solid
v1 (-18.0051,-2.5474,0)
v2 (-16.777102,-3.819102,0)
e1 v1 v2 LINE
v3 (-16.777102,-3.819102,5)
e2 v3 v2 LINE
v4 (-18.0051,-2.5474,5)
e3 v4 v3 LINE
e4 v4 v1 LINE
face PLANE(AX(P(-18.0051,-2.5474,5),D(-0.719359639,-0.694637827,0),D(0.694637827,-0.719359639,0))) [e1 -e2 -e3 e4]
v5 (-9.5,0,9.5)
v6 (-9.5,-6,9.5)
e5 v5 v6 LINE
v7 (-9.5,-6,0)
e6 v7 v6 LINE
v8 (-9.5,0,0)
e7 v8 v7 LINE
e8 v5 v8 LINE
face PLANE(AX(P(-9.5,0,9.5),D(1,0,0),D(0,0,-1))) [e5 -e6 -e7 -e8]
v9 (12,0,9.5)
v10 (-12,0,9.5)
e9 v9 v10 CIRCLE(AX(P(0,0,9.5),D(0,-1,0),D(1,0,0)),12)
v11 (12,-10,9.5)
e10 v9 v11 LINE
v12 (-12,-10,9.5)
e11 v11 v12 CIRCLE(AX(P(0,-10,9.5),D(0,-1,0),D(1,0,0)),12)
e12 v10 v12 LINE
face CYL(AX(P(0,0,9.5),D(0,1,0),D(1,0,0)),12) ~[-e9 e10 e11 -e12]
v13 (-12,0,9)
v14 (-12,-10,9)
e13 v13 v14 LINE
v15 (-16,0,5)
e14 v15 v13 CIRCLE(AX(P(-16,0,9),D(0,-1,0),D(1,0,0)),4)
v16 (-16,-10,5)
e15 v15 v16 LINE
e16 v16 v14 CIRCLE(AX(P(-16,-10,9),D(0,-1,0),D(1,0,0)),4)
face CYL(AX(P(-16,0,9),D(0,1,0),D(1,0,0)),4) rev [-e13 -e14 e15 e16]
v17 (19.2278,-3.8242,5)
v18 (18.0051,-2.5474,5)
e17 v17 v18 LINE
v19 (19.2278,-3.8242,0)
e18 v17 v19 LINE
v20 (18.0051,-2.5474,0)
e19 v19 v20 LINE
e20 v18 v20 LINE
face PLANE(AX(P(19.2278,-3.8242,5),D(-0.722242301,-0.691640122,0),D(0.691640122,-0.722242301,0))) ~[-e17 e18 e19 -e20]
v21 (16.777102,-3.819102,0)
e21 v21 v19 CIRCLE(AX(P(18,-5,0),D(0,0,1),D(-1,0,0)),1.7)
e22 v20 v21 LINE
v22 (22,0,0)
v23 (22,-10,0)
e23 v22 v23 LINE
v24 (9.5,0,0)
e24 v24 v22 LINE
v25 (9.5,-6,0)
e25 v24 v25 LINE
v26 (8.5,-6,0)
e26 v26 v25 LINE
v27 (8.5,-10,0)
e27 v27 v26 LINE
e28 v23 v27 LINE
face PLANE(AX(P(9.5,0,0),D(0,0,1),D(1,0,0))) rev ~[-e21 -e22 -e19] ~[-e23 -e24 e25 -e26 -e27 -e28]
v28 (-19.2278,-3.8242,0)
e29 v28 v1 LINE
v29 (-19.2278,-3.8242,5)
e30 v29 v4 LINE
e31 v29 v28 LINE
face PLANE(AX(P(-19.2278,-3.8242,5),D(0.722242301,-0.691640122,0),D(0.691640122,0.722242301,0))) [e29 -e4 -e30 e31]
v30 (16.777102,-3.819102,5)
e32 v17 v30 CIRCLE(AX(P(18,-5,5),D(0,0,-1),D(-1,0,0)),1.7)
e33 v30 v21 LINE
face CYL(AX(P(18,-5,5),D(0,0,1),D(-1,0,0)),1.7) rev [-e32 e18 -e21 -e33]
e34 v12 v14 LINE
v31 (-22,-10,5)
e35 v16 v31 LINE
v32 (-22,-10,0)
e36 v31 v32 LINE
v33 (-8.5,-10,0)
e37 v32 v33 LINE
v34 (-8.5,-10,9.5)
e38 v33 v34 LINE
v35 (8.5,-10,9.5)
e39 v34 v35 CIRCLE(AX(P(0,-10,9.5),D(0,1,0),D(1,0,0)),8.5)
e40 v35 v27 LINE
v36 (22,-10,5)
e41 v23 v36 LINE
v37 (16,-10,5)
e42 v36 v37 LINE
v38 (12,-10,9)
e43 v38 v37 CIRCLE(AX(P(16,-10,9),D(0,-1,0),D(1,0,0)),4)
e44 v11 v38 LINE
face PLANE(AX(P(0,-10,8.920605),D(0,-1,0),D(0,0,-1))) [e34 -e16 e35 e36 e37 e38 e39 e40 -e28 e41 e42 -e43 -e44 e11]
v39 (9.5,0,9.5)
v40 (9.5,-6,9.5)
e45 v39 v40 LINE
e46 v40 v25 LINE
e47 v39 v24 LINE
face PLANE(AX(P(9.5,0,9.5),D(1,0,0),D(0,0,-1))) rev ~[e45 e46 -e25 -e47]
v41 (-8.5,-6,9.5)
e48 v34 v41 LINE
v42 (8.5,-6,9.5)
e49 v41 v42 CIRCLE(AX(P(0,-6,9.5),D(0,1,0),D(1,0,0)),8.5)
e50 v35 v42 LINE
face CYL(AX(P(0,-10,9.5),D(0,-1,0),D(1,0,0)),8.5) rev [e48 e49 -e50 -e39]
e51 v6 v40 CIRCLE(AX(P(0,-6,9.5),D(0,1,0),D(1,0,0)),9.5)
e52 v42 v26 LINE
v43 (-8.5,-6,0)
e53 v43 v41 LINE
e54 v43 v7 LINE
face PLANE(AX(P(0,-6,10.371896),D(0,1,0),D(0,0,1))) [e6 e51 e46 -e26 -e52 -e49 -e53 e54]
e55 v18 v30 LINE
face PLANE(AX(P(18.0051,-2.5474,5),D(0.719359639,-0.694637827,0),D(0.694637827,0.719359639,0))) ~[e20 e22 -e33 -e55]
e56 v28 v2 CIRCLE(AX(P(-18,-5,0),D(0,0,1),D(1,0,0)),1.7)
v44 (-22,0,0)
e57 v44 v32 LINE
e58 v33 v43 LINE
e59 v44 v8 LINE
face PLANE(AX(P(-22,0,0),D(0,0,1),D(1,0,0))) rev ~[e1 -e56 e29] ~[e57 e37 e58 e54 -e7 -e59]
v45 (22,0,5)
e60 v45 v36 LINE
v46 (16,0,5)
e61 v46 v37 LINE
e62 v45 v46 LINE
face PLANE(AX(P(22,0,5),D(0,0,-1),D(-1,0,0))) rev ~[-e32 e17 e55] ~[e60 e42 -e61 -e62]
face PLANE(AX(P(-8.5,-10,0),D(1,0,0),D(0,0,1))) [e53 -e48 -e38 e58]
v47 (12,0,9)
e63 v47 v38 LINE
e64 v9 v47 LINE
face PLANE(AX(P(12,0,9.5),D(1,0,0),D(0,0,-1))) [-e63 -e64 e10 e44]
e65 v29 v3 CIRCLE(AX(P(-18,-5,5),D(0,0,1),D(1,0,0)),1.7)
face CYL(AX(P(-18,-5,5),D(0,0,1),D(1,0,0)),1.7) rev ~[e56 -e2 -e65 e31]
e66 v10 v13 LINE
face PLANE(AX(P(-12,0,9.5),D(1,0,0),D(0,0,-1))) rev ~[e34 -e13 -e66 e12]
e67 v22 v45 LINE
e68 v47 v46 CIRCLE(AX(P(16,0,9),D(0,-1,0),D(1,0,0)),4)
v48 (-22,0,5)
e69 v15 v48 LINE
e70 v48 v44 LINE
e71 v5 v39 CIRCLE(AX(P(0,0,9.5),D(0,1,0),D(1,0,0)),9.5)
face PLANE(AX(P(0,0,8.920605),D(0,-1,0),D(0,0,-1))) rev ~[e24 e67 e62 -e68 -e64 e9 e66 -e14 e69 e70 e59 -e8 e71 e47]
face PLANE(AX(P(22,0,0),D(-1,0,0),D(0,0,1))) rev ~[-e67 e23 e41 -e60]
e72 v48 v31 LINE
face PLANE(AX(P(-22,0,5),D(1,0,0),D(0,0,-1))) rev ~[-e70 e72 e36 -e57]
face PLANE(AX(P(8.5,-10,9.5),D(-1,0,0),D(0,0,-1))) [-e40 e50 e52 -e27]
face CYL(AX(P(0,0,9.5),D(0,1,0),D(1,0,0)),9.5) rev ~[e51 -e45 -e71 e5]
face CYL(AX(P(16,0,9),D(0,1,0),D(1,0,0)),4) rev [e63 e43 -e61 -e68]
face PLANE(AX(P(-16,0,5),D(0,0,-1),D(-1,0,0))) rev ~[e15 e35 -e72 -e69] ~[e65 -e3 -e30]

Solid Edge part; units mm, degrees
sketch "Sketch1" plane through (0, 0, 0) normal (0, -1, 0) x (1, 0, 0)
  line L0 (22, 0) -> (22, 5)
  line L1 (22, 5) -> (16, 5)
  arc A0 (12, 9) -> (16, 5) centre (16, 9) ccw
  line L2 (12, 9.5) -> (12, 9)
  line L3 (-12, 9.5) -> (-12, 9)
  arc A1 (-16, 5) -> (-12, 9) centre (-16, 9) ccw
  line L4 (-16, 5) -> (-22, 5)
  line L5 (-22, 5) -> (-22, 0)
  line L6 (-22, 0) -> (-9.5, 0)
  line L7 (-9.5, 9.5) -> (-9.5, 0)
  line L8 (9.5, 9.5) -> (9.5, 0)
  line L9 (9.5, 0) -> (22, 0)
  arc A2 (12, 9.5) -> (-12, 9.5) centre (0, 9.5) ccw
  arc A3 (-9.5, 9.5) -> (9.5, 9.5) centre (0, 9.5) cw
  dimension "D1" = 19
  dimension "D2" = 12
  dimension "D3" = 5
  dimension "D4" = 19
  dimension "D5" = 10
  dimension "D6" = 44
extrude "Protrusion1" add sketch "Sketch1" along normal blind 10
sketch "Sketch2" plane through (10.6847, -6, 5) normal (0, 0, 1) x (1, 0, 0)
  line L0 (-29.9125, 2.1758) -> (-28.6898, 3.4526)
  line L1 (-28.6898, 3.4526) -> (-27.4618, 2.1809)
  arc A0 (-29.9125, 2.1758) -> (-27.4618, 2.1809) centre (-28.6847, 1) ccw
  dimension "D1" = 3.4
extrude "Cutout1" cut sketch "Sketch2" against normal through all
mirror "Mirror1" about plane through (0, 0, 0) normal (1, 0, 0) of "Cutout1"
sketch "Sketch3" plane through (0, -10, 10.75) normal (0, -1, 0) x (1, 0, 0)
  line L0 (-9.5, -10.75) -> (-9.5, -1.25)
  line L1 (9.5, -1.25) -> (9.5, -10.75)
  line L2 (8.5, -10.75) -> (9.5, -10.75)
  line L3 (8.5, -1.25) -> (8.5, -10.75)
  arc A0 (-8.5, -1.25) -> (8.5, -1.25) centre (0, -1.25) cw
  line L4 (-8.5, -10.75) -> (-8.5, -1.25)
  line L5 (-8.5, -10.75) -> (-9.5, -10.75)
  arc A1 (-9.5, -1.25) -> (9.5, -1.25) centre (0, -1.25) cw
extrude "ExtrudedProtrusion_2" add sketch "Sketch3" against normal blind 4
